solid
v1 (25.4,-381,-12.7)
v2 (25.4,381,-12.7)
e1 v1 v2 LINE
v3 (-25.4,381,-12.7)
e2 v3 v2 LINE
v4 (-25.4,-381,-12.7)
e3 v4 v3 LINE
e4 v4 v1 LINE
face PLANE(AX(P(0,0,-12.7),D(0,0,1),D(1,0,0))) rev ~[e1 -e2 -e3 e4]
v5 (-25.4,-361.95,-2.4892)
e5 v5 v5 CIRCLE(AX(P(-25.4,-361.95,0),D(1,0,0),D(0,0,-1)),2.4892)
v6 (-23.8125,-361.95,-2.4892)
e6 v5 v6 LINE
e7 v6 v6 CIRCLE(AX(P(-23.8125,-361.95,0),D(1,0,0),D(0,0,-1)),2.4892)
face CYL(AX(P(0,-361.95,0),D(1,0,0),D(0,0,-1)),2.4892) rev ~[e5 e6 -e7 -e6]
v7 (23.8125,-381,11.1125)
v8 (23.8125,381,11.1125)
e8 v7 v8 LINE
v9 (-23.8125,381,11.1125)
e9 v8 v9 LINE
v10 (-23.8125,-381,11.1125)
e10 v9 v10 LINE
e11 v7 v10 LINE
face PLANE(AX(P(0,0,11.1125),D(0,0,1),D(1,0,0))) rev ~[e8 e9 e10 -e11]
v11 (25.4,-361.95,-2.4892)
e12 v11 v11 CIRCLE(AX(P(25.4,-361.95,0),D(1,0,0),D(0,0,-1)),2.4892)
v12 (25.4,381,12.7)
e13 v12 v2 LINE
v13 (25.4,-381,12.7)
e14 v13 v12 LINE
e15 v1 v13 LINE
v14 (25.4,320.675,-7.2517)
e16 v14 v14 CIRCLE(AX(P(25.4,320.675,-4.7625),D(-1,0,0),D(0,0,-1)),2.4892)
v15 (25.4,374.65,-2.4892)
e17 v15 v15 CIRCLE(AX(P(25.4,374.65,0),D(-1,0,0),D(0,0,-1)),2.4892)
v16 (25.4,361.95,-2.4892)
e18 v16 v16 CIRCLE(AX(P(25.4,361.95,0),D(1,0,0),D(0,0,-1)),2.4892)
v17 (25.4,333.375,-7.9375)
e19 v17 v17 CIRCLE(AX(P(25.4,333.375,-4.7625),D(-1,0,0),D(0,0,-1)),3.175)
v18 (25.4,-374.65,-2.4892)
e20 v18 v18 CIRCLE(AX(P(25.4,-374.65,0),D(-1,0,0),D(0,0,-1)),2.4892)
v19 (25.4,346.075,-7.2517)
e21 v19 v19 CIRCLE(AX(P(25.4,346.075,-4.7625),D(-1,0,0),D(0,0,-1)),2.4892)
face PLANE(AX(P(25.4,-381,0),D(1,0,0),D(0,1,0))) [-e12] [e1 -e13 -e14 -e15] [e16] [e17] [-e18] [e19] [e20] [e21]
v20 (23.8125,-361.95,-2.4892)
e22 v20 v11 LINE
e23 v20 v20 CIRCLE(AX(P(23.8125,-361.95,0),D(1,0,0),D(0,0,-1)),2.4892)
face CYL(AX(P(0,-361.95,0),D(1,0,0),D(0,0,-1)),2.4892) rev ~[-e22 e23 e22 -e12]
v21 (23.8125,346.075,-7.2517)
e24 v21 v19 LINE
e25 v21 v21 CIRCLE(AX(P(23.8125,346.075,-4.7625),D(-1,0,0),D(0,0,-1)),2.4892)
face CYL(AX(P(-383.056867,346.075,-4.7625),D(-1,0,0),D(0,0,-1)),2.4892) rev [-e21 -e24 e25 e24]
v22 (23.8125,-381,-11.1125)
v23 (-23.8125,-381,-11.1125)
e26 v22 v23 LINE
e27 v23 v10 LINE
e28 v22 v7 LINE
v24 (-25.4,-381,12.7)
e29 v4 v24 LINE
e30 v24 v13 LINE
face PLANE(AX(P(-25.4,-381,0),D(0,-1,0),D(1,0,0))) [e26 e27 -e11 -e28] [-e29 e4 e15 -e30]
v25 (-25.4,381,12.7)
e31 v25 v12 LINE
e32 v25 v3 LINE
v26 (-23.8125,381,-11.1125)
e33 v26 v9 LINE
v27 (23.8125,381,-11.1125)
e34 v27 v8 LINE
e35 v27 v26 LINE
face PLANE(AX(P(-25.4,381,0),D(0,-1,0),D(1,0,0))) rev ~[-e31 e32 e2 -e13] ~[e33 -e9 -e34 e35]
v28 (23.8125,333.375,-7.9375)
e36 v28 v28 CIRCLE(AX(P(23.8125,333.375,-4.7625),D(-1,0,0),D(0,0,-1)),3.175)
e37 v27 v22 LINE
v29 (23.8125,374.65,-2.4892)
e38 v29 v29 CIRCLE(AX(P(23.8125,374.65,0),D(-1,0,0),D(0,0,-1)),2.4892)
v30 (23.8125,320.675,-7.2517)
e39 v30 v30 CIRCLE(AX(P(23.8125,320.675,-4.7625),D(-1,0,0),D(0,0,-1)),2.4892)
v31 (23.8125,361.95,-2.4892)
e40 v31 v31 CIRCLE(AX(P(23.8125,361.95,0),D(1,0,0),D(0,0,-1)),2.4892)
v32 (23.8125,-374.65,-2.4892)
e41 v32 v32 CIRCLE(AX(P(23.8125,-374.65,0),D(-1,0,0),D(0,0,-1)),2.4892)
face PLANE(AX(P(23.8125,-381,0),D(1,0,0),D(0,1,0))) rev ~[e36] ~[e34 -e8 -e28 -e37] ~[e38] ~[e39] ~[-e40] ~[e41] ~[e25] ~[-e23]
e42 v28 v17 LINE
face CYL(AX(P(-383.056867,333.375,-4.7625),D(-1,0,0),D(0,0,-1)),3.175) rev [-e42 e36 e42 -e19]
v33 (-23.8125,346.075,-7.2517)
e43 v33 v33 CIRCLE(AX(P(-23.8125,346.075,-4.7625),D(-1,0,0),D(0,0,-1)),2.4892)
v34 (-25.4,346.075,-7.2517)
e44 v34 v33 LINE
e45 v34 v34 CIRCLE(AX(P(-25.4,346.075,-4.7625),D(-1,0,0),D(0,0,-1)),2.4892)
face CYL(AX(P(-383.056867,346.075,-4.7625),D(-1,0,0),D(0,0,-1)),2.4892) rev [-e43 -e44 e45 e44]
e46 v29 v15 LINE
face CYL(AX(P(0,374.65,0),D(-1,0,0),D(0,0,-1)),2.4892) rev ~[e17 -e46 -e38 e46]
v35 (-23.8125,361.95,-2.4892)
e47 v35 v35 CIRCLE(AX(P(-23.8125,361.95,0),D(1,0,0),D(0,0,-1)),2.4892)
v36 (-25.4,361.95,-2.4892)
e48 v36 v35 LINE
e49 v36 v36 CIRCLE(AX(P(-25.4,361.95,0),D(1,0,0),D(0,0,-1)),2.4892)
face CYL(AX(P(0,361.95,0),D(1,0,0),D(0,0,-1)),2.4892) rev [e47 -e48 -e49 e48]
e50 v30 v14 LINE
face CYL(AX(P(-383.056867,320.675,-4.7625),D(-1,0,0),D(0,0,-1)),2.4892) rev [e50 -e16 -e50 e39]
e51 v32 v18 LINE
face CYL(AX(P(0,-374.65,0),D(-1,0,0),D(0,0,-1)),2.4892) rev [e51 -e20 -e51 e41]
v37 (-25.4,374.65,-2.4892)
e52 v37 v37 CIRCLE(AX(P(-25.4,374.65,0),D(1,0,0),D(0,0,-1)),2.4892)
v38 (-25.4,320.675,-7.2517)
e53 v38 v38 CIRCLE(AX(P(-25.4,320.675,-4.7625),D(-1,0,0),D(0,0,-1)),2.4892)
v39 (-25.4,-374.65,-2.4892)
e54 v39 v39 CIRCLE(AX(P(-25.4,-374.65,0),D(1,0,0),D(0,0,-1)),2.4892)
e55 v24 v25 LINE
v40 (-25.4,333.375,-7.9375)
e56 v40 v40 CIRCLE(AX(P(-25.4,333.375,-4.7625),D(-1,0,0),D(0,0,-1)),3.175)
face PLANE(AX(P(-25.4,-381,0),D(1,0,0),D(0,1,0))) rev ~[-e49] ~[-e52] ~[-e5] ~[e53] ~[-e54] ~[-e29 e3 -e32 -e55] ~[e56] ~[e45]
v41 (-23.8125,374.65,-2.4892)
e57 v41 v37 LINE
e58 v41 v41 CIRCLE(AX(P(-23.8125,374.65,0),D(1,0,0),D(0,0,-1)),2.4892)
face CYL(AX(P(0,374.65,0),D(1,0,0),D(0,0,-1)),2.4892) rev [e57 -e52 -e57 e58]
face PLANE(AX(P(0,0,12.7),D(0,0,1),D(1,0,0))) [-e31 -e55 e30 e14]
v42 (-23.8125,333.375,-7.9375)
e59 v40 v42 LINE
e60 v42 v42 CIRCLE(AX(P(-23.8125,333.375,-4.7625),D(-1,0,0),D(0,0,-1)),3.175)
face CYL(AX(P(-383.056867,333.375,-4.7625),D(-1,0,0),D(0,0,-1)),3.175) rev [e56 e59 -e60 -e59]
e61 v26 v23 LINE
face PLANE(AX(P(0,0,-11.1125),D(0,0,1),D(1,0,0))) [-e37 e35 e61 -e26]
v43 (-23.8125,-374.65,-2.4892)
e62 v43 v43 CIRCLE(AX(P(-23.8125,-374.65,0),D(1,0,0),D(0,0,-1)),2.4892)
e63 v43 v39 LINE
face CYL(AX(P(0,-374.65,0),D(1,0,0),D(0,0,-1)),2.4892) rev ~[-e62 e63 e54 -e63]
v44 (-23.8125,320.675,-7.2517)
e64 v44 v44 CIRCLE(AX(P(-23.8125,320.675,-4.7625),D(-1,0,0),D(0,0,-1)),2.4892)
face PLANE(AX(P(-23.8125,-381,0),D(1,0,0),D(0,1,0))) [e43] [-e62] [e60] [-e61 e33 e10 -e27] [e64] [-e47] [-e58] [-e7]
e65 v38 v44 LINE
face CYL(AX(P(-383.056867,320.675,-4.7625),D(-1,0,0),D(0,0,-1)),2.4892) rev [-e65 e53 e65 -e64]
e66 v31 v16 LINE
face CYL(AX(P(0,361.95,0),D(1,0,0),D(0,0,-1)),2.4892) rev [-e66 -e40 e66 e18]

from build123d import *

# Parameters (mm, degrees)
SKETCH1_W               = 50.8
SKETCH1_H               = 762
BOSS_EXTRUDE1_DEPTH     = 12.7
SHELL1_T                = -1.5875
SKETCH3_R               = 2.4892
CUT_EXTRUDE1_DEPTH      = 383.056867495
CUT_EXTRUDE2_DEPTH      = 383.056867495
CUT_EXTRUDE2_DEPTH_BACK = 383.056867495
SKETCH4_R               = 3.175
SKETCH4_R_2             = 2.4892


with BuildPart() as part:
    # Sketch1 → Boss-Extrude1 (new, symmetric)
    with BuildSketch(Plane.XY):
        Rectangle(SKETCH1_W, SKETCH1_H)
    extrude(amount=BOSS_EXTRUDE1_DEPTH, both=True)

    # Shell1
    shell1_openings = [part.faces().sort_by_distance(p)[0] for p in [
        (0, -381, 0),
        (0, 381, 0),
    ]]
    offset(amount=SHELL1_T, openings=shell1_openings, kind=Kind.INTERSECTION)

    # Sketch3 → Cut-Extrude1 (cut, symmetric)
    with BuildSketch(Plane(origin=(0, 0, 0), x_dir=(0, 0, -1), z_dir=(1, 0, 0))):
        with Locations((0, -374.65)):
            Circle(SKETCH3_R)
        with Locations((0, -361.95)):
            Circle(SKETCH3_R)
    cut_extrude1 = extrude(amount=CUT_EXTRUDE1_DEPTH, both=True, mode=Mode.SUBTRACT)

    # Sketch4 → Cut-Extrude2 (cut, two sides: drawn at the far end of the back side and taken through both)
    with BuildSketch(Plane(origin=(0, 0, 0), x_dir=(0, 0, -1), z_dir=(1, 0, 0)).offset(-CUT_EXTRUDE2_DEPTH_BACK)):
        with Locations((4.7625, 333.375)):
            Circle(SKETCH4_R)
        with Locations((4.7625, 346.075)):
            Circle(SKETCH4_R_2)
        with Locations((4.7625, 320.675)):
            Circle(SKETCH4_R_2)
    extrude(amount=CUT_EXTRUDE2_DEPTH + CUT_EXTRUDE2_DEPTH_BACK, mode=Mode.SUBTRACT)

    # Mirror1: Cut-Extrude1 across plane
    add(cut_extrude1.mirror(Plane.ZX), mode=Mode.SUBTRACT)


solid = part.part
